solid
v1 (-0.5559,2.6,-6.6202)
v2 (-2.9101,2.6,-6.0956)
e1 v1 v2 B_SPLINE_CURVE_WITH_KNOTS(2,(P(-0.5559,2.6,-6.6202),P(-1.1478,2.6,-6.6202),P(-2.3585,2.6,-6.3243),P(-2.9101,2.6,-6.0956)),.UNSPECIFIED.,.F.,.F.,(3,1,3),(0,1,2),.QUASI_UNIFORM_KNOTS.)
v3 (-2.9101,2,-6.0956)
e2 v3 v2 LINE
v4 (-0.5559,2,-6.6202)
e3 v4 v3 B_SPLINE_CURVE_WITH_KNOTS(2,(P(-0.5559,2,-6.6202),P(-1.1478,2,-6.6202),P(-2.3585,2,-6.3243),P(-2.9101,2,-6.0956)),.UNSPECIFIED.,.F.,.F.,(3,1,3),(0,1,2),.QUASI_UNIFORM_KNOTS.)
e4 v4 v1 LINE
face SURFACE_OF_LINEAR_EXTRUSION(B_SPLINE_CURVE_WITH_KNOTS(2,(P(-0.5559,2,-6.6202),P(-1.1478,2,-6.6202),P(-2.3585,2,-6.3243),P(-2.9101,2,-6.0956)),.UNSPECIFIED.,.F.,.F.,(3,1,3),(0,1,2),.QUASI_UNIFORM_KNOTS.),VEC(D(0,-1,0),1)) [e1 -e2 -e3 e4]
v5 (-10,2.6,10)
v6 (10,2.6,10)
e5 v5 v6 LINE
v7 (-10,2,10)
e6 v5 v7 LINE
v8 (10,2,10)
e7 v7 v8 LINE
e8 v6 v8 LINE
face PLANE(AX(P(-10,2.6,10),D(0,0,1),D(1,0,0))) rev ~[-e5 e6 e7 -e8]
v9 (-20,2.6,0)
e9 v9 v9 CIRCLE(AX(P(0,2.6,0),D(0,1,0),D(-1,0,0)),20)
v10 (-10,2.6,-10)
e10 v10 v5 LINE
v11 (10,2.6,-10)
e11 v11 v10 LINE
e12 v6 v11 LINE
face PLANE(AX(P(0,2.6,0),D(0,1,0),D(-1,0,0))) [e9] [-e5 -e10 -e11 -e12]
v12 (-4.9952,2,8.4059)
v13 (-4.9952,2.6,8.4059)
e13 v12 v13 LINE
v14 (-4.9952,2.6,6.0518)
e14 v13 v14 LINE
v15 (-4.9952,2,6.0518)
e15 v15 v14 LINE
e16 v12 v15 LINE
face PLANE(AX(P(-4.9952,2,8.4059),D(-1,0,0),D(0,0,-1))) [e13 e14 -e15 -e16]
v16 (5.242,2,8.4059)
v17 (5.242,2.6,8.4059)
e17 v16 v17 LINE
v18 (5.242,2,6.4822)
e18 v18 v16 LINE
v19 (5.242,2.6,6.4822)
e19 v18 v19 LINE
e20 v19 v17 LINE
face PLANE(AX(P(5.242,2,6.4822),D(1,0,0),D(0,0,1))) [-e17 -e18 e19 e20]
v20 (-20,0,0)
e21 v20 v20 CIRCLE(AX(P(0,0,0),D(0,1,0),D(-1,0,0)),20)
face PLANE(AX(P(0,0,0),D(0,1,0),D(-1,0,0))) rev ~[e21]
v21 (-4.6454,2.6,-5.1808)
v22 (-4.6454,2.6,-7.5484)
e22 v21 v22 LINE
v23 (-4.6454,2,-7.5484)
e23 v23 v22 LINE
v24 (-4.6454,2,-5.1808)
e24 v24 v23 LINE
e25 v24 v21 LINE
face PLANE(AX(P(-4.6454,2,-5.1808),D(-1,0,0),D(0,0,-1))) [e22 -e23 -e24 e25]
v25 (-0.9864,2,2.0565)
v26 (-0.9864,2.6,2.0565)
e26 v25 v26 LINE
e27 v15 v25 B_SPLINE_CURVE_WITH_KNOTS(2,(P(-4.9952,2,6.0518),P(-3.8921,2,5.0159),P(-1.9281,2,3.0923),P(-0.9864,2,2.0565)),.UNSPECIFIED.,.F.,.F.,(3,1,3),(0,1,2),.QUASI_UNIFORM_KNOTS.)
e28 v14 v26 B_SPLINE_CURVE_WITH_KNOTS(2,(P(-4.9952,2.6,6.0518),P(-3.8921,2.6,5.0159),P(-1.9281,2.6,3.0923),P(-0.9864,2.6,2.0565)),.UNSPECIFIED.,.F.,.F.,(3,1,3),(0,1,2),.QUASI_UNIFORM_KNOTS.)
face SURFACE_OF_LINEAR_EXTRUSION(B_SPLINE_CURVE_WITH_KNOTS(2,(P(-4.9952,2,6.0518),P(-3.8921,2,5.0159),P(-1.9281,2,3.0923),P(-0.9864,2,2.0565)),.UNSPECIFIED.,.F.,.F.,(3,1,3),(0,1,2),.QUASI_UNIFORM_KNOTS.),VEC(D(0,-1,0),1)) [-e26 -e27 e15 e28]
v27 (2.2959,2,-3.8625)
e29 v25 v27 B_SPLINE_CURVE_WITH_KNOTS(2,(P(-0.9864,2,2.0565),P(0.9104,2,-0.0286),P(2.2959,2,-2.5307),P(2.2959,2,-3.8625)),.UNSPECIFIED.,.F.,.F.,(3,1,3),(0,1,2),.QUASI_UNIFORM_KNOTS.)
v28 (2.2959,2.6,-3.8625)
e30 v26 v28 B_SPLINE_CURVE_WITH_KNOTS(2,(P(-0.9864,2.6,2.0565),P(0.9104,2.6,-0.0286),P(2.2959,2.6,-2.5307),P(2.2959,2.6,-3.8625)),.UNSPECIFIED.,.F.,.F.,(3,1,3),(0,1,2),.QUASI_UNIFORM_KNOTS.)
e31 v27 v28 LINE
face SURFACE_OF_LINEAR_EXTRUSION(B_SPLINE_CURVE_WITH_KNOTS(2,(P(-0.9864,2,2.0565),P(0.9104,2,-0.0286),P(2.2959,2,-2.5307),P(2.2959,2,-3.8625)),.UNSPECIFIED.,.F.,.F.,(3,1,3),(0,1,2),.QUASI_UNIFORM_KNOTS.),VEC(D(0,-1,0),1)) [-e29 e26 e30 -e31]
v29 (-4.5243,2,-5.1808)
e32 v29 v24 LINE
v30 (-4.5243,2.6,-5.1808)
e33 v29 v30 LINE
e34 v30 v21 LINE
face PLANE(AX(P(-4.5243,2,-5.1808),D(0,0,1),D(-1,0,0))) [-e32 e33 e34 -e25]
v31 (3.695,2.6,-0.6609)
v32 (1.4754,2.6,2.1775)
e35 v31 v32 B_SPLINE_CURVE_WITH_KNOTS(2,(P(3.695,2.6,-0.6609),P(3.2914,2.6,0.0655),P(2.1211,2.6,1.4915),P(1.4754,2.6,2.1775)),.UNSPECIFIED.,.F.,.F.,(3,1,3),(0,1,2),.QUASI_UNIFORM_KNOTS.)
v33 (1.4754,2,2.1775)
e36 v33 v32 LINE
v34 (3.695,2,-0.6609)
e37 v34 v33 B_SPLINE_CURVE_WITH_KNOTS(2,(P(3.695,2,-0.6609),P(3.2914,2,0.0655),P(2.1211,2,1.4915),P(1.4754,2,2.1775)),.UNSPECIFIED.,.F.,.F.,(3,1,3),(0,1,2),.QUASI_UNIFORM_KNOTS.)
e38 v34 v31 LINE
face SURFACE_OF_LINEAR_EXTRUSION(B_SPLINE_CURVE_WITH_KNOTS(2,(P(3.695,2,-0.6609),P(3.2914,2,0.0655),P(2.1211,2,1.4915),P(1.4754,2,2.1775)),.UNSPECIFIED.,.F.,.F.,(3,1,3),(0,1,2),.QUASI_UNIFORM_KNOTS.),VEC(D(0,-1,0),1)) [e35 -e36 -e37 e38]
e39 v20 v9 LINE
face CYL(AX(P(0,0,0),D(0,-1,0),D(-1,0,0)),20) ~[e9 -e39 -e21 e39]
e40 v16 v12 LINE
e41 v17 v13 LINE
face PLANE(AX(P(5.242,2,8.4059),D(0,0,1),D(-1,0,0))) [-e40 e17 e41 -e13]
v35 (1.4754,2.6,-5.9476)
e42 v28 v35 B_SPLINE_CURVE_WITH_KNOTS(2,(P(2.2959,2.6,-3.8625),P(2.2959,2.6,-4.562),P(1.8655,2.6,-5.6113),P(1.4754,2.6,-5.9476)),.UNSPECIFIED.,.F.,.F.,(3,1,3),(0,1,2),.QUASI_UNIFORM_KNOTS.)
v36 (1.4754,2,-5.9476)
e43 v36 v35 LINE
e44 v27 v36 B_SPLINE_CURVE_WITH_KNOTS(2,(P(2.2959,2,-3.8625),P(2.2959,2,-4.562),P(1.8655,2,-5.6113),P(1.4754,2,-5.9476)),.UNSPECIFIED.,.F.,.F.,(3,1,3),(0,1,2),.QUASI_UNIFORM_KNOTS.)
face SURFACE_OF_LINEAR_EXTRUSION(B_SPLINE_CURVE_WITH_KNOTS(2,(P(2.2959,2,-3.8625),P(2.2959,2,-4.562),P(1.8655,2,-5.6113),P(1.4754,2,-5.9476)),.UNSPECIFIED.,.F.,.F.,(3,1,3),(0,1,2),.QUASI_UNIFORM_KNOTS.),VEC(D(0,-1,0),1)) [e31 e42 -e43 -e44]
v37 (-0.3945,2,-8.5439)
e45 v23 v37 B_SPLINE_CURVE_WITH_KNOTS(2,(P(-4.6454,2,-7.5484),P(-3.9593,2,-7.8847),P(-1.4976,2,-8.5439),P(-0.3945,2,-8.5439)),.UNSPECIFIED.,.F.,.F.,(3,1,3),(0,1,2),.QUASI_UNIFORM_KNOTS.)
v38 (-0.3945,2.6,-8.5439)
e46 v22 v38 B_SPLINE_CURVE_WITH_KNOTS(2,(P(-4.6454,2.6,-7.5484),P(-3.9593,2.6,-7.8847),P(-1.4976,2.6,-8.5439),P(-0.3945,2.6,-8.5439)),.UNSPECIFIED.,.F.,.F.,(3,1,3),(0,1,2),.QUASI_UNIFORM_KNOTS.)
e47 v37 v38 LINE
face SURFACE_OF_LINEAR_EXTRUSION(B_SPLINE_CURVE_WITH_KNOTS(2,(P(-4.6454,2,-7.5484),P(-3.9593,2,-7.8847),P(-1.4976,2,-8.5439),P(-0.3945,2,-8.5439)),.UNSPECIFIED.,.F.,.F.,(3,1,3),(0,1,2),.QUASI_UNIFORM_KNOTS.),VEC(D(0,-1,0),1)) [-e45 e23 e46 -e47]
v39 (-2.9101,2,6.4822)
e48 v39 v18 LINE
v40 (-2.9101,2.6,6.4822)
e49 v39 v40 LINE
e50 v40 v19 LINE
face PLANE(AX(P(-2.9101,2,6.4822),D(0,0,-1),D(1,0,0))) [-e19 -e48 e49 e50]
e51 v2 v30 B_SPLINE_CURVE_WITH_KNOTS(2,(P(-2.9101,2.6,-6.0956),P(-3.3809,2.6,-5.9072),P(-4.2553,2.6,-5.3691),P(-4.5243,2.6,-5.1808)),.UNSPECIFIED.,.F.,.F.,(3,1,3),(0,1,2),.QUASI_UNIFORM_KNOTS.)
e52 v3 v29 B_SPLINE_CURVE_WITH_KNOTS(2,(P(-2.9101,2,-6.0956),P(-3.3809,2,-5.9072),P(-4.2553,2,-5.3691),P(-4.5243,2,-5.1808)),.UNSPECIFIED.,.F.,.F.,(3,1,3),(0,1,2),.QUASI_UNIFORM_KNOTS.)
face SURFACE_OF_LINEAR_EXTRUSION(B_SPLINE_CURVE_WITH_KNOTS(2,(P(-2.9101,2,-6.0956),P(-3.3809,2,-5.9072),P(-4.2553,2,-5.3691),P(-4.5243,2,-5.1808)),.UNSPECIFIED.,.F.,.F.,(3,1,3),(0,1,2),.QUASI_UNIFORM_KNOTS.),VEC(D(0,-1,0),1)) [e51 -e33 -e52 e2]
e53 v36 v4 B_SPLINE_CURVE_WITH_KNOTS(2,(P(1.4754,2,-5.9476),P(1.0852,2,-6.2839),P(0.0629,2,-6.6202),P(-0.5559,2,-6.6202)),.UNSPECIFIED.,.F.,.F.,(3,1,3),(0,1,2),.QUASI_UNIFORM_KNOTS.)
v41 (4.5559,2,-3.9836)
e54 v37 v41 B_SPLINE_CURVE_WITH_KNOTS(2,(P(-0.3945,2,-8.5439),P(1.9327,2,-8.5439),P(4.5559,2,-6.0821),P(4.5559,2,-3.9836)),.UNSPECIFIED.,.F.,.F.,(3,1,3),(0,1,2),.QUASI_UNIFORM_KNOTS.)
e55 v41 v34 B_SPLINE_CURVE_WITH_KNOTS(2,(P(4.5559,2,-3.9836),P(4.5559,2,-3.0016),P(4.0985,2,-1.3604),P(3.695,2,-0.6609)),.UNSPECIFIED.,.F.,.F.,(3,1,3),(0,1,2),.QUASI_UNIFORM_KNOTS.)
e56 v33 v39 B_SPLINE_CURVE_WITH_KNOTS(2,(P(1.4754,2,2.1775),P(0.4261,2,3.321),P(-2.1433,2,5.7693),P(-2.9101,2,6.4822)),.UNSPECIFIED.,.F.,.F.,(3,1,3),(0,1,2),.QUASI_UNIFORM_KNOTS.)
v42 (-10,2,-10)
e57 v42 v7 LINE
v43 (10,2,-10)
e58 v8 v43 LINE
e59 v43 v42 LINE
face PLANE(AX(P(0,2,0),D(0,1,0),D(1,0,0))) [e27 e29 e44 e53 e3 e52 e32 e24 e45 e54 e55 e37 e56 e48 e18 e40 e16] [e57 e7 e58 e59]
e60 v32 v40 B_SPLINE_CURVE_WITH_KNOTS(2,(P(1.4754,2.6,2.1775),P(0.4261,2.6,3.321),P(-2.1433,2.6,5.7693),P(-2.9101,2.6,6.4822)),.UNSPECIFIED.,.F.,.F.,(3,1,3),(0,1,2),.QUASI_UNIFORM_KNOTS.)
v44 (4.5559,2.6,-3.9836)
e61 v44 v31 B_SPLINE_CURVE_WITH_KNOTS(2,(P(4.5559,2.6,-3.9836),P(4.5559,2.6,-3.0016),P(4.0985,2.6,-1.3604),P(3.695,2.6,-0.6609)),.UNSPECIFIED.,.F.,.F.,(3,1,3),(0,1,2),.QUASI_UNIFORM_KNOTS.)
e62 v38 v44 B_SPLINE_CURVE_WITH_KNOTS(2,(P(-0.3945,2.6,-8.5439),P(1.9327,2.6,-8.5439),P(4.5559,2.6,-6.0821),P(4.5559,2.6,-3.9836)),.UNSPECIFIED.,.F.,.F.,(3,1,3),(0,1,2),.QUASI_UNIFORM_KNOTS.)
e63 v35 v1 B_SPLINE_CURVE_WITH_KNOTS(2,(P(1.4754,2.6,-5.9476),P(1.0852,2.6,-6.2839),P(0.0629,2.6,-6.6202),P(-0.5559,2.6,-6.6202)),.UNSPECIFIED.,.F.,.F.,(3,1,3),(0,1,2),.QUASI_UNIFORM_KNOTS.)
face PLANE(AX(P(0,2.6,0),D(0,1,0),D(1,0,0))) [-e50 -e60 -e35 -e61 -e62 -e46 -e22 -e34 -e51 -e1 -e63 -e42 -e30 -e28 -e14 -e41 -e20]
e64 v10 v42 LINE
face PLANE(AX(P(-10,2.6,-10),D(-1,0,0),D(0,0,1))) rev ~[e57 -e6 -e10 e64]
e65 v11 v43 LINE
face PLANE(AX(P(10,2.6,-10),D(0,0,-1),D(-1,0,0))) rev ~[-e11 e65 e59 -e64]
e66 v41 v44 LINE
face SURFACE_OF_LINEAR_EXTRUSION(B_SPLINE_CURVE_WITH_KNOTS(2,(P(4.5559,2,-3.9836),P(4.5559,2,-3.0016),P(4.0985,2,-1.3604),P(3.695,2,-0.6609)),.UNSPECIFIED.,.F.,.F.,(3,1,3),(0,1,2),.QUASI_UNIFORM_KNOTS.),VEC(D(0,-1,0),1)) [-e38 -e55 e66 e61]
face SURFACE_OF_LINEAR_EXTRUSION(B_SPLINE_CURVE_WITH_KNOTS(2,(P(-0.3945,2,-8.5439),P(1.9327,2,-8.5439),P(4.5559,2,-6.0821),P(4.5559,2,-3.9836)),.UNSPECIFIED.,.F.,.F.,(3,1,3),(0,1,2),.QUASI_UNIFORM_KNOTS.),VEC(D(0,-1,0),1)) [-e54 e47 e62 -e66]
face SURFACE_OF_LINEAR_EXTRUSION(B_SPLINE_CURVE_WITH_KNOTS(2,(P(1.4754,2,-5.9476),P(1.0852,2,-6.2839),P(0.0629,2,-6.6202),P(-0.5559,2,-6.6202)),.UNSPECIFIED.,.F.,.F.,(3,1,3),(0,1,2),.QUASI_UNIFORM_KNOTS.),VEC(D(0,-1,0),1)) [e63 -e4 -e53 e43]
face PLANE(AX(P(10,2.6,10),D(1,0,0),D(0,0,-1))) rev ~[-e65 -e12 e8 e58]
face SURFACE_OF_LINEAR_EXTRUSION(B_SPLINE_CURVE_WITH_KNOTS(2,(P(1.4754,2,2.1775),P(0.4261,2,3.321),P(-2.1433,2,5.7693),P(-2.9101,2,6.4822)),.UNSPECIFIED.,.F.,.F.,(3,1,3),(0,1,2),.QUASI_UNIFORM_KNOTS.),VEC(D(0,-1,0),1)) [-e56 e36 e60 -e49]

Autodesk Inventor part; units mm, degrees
ref_plane "YZ Plane" through (0, 0, 0) normal (1, 0, 0) x (0, 1, 0)
ref_plane "XZ Plane" through (0, 0, 0) normal (0, 1, 0) x (-1, 0, 0)
ref_plane "XY Plane" through (0, 0, 0) normal (0, 0, 1) x (1, 0, 0)
sketch "Sketch1" plane through (0, 0, 0) normal (0, 1, 0) x (-1, 0, 0)
  circle A0 centre (0, 0) radius 20
  dimension "d0" = 40
extrude "Extrusion1" add sketch "Sketch1" along normal blind 2.6
sketch "Sketch2" plane through (0, 2.6, 0) normal (0, 1, 0) x (1, 0, 0)
  line L0 (-10, -10) -> (10, -10)
  line L1 (10, -10) -> (10, 10)
  line L2 (10, 10) -> (-10, 10)
  line L3 (-10, 10) -> (-10, -10)
  line L4 (-10, -10) -> (10, 10) construction
  line L5 (10, -10) -> (-10, 10) construction
  point P0 (0, 0)
  dimension "d3" = 20
  dimension "d4" = 20
extrude "Extrusion2" cut sketch "Sketch2" against normal blind 0.6
sketch "Sketch3" plane through (0, 2, 0) normal (0, 1, 0) x (1, 0, 0)
  line L0 (-6.2058, 8.5439) -> (6.2509, 8.5439) construction
  line L1 (6.2509, 8.5439) -> (6.2509, -8.4059) construction
  line L2 (6.2509, -8.4059) -> (-6.2058, -8.4059) construction
  line L3 (-6.2058, -8.4059) -> (-6.2058, 8.5439) construction
  line L4 (5.242, -8.4059) -> (-4.9952, -8.4059)
  line L5 (-4.9952, -8.4059) -> (-4.9952, -6.0518)
  spline S0 degree 2 poles (-4.9952, -6.0518) (-3.8921, -5.0159) (-1.9281, -3.0923) (-0.9864, -2.0565) knots 0 0 0 1 2 2 2
  spline S1 degree 2 poles (-0.9864, -2.0565) (0.9104, 0.0286) (2.2959, 2.5307) (2.2959, 3.8625) knots 0 0 0 1 2 2 2
  spline S2 degree 2 poles (2.2959, 3.8625) (2.2959, 4.562) (1.8655, 5.6113) (1.4754, 5.9476) knots 0 0 0 1 2 2 2
  spline S3 degree 2 poles (1.4754, 5.9476) (1.0852, 6.2839) (0.0629, 6.6202) (-0.5559, 6.6202) knots 0 0 0 1 2 2 2
  spline S4 degree 2 poles (-0.5559, 6.6202) (-1.1478, 6.6202) (-2.3585, 6.3243) (-2.9101, 6.0956) knots 0 0 0 1 2 2 2
  spline S5 degree 2 poles (-2.9101, 6.0956) (-3.3809, 5.9072) (-4.2553, 5.3691) (-4.5243, 5.1808) knots 0 0 0 1 2 2 2
  line L6 (-4.5243, 5.1808) -> (-4.6454, 5.1808)
  line L7 (-4.6454, 5.1808) -> (-4.6454, 7.5484)
  spline S6 degree 2 poles (-4.6454, 7.5484) (-3.9593, 7.8847) (-1.4976, 8.5439) (-0.3945, 8.5439) knots 0 0 0 1 2 2 2
  spline S7 degree 2 poles (-0.3945, 8.5439) (1.9327, 8.5439) (4.5559, 6.0821) (4.5559, 3.9836) knots 0 0 0 1 2 2 2
  spline S8 degree 2 poles (4.5559, 3.9836) (4.5559, 3.0016) (4.0985, 1.3604) (3.695, 0.6609) knots 0 0 0 1 2 2 2
  spline S9 degree 2 poles (3.695, 0.6609) (3.2914, -0.0655) (2.1211, -1.4915) (1.4754, -2.1775) knots 0 0 0 1 2 2 2
  spline S10 degree 2 poles (1.4754, -2.1775) (0.4261, -3.321) (-2.1433, -5.7693) (-2.9101, -6.4822) knots 0 0 0 1 2 2 2
  line L8 (-2.9101, -6.4822) -> (5.242, -6.4822)
  line L9 (5.242, -6.4822) -> (5.242, -8.4059)
  point P0 (0, 0)
extrude "Extrusion3" add sketch "Sketch3" along normal blind 0.6
properties part number "TopMarker2"
